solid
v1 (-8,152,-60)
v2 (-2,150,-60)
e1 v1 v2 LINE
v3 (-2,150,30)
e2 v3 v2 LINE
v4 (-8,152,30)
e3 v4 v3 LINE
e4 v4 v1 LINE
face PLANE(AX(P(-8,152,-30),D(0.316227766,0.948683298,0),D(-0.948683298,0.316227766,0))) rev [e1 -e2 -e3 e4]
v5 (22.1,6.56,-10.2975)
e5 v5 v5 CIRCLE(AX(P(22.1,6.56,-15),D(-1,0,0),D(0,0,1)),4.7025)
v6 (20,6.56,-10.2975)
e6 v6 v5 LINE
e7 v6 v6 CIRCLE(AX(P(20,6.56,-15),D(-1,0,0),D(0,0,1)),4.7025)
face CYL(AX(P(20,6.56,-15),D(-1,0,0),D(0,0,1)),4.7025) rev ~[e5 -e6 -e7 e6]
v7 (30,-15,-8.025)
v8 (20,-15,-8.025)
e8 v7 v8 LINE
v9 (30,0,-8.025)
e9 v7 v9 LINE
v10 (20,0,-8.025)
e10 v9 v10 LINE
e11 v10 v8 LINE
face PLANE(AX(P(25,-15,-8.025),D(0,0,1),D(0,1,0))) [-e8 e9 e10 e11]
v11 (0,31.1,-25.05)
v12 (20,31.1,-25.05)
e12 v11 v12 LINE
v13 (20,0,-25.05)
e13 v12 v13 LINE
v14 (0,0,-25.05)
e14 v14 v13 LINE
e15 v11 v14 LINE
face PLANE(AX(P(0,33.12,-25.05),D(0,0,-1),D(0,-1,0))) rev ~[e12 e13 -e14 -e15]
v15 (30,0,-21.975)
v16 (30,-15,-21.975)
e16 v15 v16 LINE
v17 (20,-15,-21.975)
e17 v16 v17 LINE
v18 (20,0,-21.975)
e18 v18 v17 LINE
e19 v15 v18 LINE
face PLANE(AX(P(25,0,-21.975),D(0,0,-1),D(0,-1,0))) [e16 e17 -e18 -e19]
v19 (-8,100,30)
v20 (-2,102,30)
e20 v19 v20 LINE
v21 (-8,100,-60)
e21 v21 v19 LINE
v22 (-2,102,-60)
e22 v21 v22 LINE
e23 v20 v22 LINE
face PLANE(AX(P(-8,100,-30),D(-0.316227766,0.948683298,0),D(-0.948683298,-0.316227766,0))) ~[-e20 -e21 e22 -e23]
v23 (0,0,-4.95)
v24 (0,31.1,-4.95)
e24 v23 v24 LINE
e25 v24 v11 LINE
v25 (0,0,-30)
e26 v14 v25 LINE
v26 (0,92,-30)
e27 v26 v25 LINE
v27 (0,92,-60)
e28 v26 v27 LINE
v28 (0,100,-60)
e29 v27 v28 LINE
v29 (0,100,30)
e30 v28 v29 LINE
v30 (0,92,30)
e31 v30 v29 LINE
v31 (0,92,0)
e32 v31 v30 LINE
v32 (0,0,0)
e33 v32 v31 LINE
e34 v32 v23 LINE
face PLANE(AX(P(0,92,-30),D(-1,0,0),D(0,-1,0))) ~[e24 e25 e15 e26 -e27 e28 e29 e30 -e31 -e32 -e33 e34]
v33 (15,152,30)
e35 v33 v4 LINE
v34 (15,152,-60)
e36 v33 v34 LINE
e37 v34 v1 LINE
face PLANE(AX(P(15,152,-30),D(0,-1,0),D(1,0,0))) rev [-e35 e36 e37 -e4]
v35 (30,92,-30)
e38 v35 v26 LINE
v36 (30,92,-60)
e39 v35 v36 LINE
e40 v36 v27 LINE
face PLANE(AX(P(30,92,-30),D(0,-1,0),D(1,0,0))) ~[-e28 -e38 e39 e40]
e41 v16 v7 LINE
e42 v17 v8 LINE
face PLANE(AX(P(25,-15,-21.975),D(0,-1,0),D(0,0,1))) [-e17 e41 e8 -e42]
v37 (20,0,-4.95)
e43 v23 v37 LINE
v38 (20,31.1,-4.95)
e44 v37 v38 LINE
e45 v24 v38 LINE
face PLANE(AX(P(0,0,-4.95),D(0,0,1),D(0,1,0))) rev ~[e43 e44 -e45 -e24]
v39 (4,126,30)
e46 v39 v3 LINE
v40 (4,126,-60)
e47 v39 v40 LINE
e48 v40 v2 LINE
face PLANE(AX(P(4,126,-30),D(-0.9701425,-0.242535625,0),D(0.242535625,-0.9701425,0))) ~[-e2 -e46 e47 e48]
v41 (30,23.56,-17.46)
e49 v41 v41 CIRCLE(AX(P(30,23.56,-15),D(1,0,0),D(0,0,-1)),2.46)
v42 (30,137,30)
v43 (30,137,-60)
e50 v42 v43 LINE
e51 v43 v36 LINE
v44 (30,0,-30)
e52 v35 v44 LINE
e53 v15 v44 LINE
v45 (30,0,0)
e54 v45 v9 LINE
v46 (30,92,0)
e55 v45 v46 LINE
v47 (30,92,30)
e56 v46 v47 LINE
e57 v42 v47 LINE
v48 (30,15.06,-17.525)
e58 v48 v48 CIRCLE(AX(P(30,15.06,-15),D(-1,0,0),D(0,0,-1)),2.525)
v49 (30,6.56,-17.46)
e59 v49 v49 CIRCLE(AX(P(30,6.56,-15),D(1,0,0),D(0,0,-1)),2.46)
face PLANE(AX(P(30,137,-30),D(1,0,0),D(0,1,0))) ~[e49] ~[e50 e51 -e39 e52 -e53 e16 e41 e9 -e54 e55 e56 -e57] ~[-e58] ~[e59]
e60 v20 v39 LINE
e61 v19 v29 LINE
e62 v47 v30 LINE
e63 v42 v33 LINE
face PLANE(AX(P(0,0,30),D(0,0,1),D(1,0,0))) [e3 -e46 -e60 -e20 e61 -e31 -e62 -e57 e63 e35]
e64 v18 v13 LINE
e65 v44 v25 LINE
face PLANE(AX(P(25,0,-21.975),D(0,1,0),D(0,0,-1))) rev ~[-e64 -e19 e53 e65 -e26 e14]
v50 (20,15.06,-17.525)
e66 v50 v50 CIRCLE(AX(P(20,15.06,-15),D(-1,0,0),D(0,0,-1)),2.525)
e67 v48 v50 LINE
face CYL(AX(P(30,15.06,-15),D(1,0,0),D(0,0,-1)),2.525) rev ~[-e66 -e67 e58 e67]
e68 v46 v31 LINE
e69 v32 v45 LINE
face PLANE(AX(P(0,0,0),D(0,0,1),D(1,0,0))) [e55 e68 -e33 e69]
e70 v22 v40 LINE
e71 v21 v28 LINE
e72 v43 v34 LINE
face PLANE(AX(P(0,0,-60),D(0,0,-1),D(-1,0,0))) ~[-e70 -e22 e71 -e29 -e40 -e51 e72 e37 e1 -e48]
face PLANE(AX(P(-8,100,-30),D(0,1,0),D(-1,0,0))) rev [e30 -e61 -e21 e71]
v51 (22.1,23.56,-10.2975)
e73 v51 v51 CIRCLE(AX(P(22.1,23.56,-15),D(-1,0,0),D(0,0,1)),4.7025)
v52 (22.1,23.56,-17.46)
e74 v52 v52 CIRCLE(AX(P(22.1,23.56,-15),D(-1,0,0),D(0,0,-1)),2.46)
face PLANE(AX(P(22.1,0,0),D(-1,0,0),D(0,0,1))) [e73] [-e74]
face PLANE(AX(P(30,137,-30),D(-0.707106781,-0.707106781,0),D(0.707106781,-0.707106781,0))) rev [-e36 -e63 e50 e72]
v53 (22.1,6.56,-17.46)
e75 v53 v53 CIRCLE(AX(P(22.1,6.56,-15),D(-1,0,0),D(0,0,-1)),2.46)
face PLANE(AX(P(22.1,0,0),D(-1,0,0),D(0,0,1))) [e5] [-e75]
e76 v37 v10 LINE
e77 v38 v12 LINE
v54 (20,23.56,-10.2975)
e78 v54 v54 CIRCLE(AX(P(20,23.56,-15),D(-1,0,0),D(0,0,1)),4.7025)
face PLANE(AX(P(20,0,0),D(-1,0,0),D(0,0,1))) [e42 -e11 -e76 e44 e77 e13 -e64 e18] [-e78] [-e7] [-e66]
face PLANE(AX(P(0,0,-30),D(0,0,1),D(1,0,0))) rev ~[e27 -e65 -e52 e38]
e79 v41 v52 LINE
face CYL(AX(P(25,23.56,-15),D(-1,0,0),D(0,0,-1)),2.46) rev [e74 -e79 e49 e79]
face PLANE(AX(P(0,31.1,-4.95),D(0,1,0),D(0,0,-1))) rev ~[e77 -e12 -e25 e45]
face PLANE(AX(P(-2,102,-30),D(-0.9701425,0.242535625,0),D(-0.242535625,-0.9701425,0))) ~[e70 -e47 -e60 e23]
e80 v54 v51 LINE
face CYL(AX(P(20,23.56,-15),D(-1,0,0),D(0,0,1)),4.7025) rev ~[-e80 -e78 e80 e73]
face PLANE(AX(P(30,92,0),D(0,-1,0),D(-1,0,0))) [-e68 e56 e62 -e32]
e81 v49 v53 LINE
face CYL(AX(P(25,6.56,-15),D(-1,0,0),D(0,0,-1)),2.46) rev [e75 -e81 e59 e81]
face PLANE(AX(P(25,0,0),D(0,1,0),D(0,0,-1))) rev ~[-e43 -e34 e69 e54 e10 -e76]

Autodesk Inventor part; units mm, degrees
ref_plane "YZ Plane" through (0, 0, 0) normal (1, 0, 0) x (0, 1, 0)
ref_plane "XZ Plane" through (0, 0, 0) normal (0, 1, 0) x (-1, 0, 0)
sketch "Sketch1" plane through (0, 0, 0) normal (0, 0, 1) x (1, 0, 0)
  line L0 (0, 0) -> (25, 0)
  line L1 (25, 0) -> (25, 40)
  line L2 (25, 40) -> (0, 40)
  line L3 (0, 40) -> (0, 0)
  dimension "d1" = 25
  dimension "d2" = 40
  dimension "d3" = 25
extrude "Extrusion1" add sketch "Sketch1" against normal blind 30
sketch "Sketch2" plane through (25, 0, 0) normal (1, 0, 0) x (0, 0, -1)
  line L0 (0, 0) -> (30, 0) projected
  circle A0 centre (15, 6.56) radius 2.46
extrude "Extrusion2" cut sketch "Sketch2" against normal blind 30
sketch "Sketch3" plane through (0, 0, 0) normal (-1, 0, 0) x (0, 0, 1)
  line L0 (0, 0) -> (-30, 0) projected
  line L1 (-25.05, 0) -> (-4.95, 0)
  line L2 (-4.95, 0) -> (-4.95, 33.12)
  line L3 (-4.95, 33.12) -> (-25.05, 33.12)
  line L4 (-25.05, 33.12) -> (-25.05, 0)
  dimension "d11" = 20.1
extrude "Extrusion3" cut sketch "Sketch3" against normal blind 20
sketch "Sketch4" plane through (0, 0, 0) normal (0, -1, 0) x (1, 0, 0)
  line L0 (20, -4.95) -> (20, -25.05) projected
  line L1 (20, -15) -> (25, -15)
  line L2 (25, 0) -> (25, -30) projected
  line L3 (20, -8.025) -> (25, -8.025)
  line L4 (25, -8.025) -> (25, -21.975)
  line L5 (25, -21.975) -> (20, -21.975)
  line L6 (20, -21.975) -> (20, -8.025)
  line L7 (20, -8.025) -> (25, -21.975) construction
  line L8 (25, -8.025) -> (20, -21.975) construction
  line L9 (25, -12.54) -> (25, -17.46) projected
  point P0 (0, 0)
  point P1 (22.5, -15)
  dimension "d14" = 13.95
extrude "Extrusion4" add sketch "Sketch4" along normal blind 15
sketch "Sketch5" plane through (20, 0, 0) normal (-1, 0, 0) x (0, 0, 1)
  circle A0 centre (-15, 6.56) radius 2.46 projected
  circle A1 centre (-15, 6.56) radius 4.7025
  circle A2 centre (-15, 6.56) radius 2.46 projected
  circle A3 centre (-15, 6.56) radius 2.46
  point P0 (0, 0)
  dimension "d17" = 9.405
extrude "Extrusion5" cut sketch "Sketch5" against normal blind 2.1
sketch "Sketch6" plane through (25, 0, 0) normal (1, 0, 0) x (0, 0, -1)
  circle A0 centre (15, 6.56) radius 4.7025 projected
  line L0 (15, 6.56) -> (15, 23.56)
  circle A1 centre (15, 23.56) radius 2.46
  point P0 (0, 0)
  dimension "d20" = 17
  dimension "d21" = 4.92
extrude "Extrusion6" cut sketch "Sketch6" against normal blind 10 contours A1
sketch "Sketch7" plane through (20, 0, 0) normal (-1, 0, 0) x (0, 0, 1)
  circle A0 centre (-15, 23.56) radius 2.46 projected
  circle A1 centre (-15, 23.56) radius 4.7025
  point P0 (0, 0)
  dimension "d24" = 9.405
extrude "Extrusion7" cut sketch "Sketch7" against normal blind 2.1
sketch "Sketch9" plane through (25, 0, 0) normal (1, 0, 0) x (0, 0, -1)
  circle A0 centre (15, 6.56) radius 2.46 projected
  circle A1 centre (15, 6.56) radius 2.46
  circle A2 centre (15, 23.56) radius 2.46 projected
  circle A3 centre (15, 23.56) radius 2.46
  line L0 (30, 40) -> (30, 0) projected
  line L1 (30, 0) -> (30, 40)
  line L2 (30, 40) -> (0, 40)
  line L3 (0, 40) -> (0, 0)
  line L4 (0, 0) -> (8.025, 0) projected
  line L5 (21.975, 0) -> (21.975, -15)
  line L6 (21.975, -15) -> (8.025, -15)
  line L7 (8.025, -15) -> (8.025, 0)
  line L8 (0, 0) -> (8.025, 0)
  line L9 (21.975, 0) -> (30, 0)
extrude "Extrusion8" add sketch "Sketch9" along normal blind 5
sketch "Sketch10" plane through (0, 40, 0) normal (0, 1, 0) x (1, 0, 0)
  line L0 (0, 30) -> (30, 30) projected
  line L1 (30, 0) -> (0, 0) projected
  line L2 (0, 30) -> (30, 30)
  line L3 (30, 30) -> (30, 0)
  line L4 (30, 0) -> (0, 0)
  line L5 (0, 0) -> (0, 30)
extrude "Extrusion9" add sketch "Sketch10" along normal blind 30
sketch "Sketch12" plane through (30, 0, 0) normal (1, 0, 0) x (0, 0, -1)
  circle A0 centre (15, 6.56) radius 2.46 projected
  line L0 (15, 6.56) -> (15, 15.06)
  circle A1 centre (15, 15.06) radius 2.525
  point P0 (0, 0)
  dimension "d31" = 8.5
  dimension "d33" = 5.05
extrude "Extrusion10" cut sketch "Sketch12" against normal blind 30 contours A1
sketch "Sketch14" plane through (0, 0, 0) normal (0, 0, 1) x (1, 0, 0)
  line L0 (30, 70) -> (0, 70) projected
  line L1 (0, 100) -> (-8, 100)
  line L2 (30, 0) -> (30, 70) projected
  line L3 (30, 118) -> (30, 70)
  line L4 (30, 105) -> (30, 100)
  line L5 (0, 70) -> (30, 70) projected
  line L6 (0, 70) -> (0, 100)
  line L7 (30, 122.5) -> (30, 118)
  line L8 (-2, 150) -> (-8, 152)
  line L9 (-2, 102) -> (-8, 100)
  line L10 (-2, 102) -> (4, 126)
  line L11 (4, 126) -> (-2, 150)
  line L12 (-8, 152) -> (15, 152)
  line L13 (30, 137) -> (15, 152)
  line L14 (30, 122.5) -> (30, 137)
  point P0 (0, 0)
  dimension "d47" = 30
extrude "Extrusion12" add sketch "Sketch14" against normal blind 30
sketch "Sketch15" plane through (0, 0, -25.05) normal (-1, 0, 0) x (0, 0, 1)
  line L0 (0, 33.12) -> (20.1, 33.12) projected
  line L1 (20.1, 33.12) -> (20.1, 0) projected
  line L2 (0, 33.12) -> (20.1, 33.12)
  line L3 (20.1, 33.12) -> (20.1, 31.1)
  line L4 (20.1, 31.1) -> (0, 31.1)
  line L5 (0, 31.1) -> (0, 33.12)
  point P0 (25.05, 0)
  dimension "d57" = 2.02
extrude "Extrusion13" add sketch "Sketch15" against normal blind 20
sketch "Sketch25" plane through (0, 0, 0) normal (0, 0, 1) x (1, 0, 0)
  point P0 (0, 0)
sketch "Sketch26" plane through (0, 0, 0) normal (0, 0, 1) x (1, 0, 0)
  line L0 (-8, 100) -> (0, 100) projected
  line L1 (0, 100) -> (-8, 100)
  line L2 (-8, 100) -> (-2, 102) projected
  line L3 (-8, 100) -> (-2, 102)
  line L4 (-2, 102) -> (4, 126) projected
  line L5 (-2, 102) -> (4, 126)
  line L6 (4, 126) -> (-2, 150) projected
  line L7 (4, 126) -> (-2, 150)
  line L8 (-8, 152) -> (-2, 150) projected
  line L9 (-2, 150) -> (-8, 152)
  line L10 (15, 152) -> (-8, 152) projected
  line L11 (-8, 152) -> (15, 152)
  line L12 (30, 137) -> (15, 152) projected
  line L13 (15, 152) -> (30, 137)
  line L14 (30, 137) -> (30, 92)
  line L15 (30, 0) -> (30, 137) projected
  line L16 (30, 92) -> (0, 92)
  line L17 (0, 0) -> (0, 100) projected
  line L18 (0, 100) -> (0, 92)
  dimension "d93" = 45
extrude "Extrusion14" add sketch "Sketch26" along normal blind 30
ref_plane "Work Plane1" through (0, 0, -15) normal (0, 0, 1) x (1, 0, 0)
mirror "Mirror1" about plane through (0, 0, -15) normal (0, 0, 1) of "Extrusion14"
properties part number "48mm_x_90mm"
